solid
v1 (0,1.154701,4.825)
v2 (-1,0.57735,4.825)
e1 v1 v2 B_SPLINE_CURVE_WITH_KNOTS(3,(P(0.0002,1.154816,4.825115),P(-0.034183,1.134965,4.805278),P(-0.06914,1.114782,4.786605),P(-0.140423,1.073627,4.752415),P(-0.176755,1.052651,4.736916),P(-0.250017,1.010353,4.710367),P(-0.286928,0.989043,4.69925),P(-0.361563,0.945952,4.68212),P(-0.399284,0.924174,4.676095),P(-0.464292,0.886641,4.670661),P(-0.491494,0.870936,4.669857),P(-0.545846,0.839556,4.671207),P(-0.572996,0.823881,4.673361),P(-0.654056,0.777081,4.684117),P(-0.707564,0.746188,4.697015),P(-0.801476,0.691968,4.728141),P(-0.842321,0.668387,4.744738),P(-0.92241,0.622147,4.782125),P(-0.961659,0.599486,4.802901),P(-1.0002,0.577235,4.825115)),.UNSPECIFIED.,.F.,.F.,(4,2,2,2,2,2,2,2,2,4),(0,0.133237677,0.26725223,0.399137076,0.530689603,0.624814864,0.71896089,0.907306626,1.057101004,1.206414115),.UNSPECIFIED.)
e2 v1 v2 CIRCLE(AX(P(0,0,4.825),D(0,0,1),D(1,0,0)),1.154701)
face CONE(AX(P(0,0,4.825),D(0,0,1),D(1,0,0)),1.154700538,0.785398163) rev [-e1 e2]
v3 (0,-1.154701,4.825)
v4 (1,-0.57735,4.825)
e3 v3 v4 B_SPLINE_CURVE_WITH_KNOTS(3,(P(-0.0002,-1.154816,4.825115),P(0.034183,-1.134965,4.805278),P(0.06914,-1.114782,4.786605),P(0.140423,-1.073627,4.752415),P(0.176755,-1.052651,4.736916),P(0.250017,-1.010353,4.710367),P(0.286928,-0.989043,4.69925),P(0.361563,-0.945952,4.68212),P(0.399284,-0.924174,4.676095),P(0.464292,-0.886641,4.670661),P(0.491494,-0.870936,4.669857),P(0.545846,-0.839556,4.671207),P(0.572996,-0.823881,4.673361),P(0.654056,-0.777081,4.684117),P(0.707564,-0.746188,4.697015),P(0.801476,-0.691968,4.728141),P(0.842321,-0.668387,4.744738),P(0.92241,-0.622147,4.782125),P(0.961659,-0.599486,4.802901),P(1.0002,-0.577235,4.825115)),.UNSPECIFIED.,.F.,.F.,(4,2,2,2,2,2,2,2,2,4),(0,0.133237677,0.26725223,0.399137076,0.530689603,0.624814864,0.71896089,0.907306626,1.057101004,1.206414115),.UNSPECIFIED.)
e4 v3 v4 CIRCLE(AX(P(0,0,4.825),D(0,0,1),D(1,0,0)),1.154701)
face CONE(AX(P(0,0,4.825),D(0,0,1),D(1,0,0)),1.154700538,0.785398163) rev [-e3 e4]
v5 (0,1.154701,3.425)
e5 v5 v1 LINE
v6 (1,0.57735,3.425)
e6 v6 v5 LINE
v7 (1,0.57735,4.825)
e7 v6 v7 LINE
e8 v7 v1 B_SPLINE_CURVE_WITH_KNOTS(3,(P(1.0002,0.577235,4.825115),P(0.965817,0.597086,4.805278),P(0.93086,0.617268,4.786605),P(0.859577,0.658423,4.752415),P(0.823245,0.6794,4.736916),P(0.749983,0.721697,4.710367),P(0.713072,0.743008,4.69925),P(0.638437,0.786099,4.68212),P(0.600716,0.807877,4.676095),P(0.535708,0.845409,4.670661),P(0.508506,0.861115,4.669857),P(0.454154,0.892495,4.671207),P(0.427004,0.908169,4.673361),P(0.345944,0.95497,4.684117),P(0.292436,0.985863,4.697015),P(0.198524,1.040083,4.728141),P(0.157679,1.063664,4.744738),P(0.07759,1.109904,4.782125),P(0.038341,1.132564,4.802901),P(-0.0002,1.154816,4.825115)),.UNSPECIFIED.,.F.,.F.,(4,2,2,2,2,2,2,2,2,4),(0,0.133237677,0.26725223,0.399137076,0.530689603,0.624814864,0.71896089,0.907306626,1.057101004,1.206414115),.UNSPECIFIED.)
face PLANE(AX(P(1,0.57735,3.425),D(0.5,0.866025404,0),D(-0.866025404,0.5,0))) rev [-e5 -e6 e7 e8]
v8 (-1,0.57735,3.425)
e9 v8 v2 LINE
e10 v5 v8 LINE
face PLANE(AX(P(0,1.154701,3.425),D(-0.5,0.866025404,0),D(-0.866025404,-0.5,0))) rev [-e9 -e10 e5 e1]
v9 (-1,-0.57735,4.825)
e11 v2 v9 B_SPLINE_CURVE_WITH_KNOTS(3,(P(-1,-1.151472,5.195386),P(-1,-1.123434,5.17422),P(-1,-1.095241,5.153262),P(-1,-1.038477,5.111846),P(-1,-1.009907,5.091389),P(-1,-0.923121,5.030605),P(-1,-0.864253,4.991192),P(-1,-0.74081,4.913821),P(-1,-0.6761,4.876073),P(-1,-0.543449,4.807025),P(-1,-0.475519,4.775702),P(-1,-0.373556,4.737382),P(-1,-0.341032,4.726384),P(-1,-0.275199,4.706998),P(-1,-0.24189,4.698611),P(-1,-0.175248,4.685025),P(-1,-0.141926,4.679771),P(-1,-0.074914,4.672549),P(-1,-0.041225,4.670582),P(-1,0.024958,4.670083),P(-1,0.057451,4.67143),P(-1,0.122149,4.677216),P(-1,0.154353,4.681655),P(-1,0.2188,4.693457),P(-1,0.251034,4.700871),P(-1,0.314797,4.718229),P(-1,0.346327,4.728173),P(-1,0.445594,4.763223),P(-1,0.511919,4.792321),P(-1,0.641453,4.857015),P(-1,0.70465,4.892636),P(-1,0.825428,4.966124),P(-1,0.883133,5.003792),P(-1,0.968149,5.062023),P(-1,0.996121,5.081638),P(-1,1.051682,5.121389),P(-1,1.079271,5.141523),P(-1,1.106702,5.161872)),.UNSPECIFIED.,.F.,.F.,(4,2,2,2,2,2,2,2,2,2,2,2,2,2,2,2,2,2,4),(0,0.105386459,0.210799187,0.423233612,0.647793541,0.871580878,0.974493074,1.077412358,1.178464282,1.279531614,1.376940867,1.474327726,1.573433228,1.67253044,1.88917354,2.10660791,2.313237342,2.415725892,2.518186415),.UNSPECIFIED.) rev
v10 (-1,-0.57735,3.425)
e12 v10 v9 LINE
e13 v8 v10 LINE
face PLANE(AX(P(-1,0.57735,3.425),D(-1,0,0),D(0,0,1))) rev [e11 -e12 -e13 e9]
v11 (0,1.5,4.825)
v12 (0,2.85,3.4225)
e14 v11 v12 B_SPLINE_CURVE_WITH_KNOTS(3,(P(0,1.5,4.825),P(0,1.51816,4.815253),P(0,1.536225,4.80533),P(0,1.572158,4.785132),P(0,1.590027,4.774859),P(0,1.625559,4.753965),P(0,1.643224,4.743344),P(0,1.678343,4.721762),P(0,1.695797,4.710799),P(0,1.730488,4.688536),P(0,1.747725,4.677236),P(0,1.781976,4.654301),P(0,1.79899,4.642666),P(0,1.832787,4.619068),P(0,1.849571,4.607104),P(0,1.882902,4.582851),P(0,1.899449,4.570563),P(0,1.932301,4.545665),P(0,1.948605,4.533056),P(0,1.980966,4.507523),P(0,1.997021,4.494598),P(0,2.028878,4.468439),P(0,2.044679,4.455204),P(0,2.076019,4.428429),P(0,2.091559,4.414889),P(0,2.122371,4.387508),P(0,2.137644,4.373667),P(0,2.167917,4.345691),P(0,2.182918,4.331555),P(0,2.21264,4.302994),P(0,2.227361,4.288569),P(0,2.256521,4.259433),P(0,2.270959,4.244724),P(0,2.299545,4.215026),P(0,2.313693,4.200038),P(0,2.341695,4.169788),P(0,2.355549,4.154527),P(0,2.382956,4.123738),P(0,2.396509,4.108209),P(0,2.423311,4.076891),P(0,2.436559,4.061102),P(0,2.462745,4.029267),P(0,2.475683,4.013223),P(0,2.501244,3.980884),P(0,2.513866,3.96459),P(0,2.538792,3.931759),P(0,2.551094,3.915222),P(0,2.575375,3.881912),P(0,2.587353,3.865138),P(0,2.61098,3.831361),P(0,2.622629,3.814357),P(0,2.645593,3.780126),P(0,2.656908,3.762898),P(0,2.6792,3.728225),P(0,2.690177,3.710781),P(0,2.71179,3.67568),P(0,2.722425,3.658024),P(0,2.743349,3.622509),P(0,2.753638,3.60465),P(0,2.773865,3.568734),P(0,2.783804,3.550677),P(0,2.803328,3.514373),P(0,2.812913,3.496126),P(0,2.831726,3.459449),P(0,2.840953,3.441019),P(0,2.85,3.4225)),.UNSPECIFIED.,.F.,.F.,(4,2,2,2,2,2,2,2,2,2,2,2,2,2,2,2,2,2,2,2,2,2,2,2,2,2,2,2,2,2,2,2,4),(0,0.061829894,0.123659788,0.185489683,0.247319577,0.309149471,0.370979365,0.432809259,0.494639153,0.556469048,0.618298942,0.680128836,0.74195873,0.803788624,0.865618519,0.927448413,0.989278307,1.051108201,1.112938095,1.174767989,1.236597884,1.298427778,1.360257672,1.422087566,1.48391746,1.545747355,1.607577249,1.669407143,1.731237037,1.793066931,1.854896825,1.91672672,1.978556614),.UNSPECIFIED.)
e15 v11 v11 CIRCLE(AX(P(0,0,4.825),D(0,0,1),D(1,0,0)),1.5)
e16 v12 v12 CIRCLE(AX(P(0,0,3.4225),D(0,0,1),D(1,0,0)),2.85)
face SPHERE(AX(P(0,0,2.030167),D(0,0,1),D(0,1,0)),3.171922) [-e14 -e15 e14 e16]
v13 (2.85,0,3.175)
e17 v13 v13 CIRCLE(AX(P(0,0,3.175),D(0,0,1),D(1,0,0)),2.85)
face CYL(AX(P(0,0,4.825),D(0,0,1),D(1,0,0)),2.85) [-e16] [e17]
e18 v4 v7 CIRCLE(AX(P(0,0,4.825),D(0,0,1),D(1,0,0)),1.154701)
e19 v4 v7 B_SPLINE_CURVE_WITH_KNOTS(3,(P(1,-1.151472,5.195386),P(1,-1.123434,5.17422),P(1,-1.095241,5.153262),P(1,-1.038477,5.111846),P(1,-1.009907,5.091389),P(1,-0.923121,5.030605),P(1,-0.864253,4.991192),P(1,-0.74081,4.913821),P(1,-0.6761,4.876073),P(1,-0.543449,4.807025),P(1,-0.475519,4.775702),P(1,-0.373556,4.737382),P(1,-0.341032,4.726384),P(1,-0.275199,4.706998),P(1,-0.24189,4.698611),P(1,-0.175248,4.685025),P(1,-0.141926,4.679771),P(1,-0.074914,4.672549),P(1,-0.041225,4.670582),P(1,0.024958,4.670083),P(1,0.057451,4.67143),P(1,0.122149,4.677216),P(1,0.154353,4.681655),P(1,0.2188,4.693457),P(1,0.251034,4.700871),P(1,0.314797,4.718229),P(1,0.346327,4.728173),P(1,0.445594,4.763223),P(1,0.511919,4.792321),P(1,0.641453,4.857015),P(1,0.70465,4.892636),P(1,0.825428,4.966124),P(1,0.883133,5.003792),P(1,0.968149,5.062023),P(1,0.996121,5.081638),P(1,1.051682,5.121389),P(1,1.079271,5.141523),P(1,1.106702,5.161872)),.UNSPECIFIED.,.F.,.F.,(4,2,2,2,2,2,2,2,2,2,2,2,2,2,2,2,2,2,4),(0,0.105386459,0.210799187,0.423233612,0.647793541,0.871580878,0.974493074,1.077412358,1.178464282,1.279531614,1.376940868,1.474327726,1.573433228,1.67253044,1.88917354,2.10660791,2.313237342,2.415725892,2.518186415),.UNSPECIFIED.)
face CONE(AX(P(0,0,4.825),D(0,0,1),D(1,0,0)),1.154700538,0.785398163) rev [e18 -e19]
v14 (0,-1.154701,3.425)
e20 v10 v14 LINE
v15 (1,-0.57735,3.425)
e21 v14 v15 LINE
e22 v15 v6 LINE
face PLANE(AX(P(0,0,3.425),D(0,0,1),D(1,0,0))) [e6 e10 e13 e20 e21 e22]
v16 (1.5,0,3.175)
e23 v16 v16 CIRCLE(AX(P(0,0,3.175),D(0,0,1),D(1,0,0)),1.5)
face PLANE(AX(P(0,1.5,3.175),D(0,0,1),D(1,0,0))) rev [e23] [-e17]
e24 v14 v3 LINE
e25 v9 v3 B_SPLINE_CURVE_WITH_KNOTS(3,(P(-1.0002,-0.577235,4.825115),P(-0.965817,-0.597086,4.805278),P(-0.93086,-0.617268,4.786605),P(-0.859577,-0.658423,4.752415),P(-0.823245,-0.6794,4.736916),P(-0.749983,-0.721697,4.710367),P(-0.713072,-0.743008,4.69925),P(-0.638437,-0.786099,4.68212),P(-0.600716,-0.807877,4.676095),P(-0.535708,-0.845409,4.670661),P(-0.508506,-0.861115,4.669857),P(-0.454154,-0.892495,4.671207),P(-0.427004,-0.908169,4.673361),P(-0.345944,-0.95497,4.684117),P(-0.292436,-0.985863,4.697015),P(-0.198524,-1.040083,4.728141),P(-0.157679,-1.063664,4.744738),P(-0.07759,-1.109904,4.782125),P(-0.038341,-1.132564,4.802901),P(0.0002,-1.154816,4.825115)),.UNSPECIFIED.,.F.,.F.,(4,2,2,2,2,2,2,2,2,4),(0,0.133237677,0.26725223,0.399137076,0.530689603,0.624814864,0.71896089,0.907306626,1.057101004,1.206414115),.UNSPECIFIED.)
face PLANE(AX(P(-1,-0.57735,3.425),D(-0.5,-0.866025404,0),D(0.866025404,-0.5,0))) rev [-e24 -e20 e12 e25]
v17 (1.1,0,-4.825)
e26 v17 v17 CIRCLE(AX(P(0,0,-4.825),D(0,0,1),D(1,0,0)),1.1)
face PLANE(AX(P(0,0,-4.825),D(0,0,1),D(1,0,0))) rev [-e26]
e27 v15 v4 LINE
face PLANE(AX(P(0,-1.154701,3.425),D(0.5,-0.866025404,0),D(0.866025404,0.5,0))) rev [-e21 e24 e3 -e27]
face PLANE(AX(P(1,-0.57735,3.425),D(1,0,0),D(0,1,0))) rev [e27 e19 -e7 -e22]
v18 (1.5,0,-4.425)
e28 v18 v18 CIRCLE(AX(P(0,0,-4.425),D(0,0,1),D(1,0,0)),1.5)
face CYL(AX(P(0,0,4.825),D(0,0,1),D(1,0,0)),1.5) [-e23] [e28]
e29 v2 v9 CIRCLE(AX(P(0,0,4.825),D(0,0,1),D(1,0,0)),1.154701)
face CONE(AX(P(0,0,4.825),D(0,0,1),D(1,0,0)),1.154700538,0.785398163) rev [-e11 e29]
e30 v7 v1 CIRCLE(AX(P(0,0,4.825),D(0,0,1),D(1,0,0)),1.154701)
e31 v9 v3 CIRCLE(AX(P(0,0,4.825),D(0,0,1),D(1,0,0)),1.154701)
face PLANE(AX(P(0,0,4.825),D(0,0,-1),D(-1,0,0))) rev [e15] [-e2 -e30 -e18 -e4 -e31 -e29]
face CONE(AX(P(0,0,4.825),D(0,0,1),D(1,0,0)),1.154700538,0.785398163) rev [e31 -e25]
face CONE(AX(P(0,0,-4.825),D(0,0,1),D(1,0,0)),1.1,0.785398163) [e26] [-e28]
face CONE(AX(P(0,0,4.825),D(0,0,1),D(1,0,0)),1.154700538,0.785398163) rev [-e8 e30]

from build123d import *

# Parameters (mm, degrees)
CUT_EXTRUDE1_DEPTH = 1.4


with BuildPart() as part:
    # Sketch2 → Revolve1 (revolve)
    with BuildSketch(Plane(origin=(0, 0, 0), x_dir=(0, 0, -1), z_dir=(1, 0, 0)), mode=Mode.PRIVATE) as revolve1_sk:
        with BuildLine():
            Line((-4.825, 0), (4.825, 0))
            Line((4.825, 0), (4.825, 1.1))
            Line((4.825, 1.1), (4.425, 1.5))
            Line((4.425, 1.5), (-3.175, 1.5))
            Line((-3.175, 1.5), (-3.175, 2.85))
            Line((-3.175, 2.85), (-3.4225, 2.85))
            ThreePointArc((-3.4225, 2.85), (-4.22987489, 2.285251969), (-4.825, 1.5))
            Line((-4.825, 1.5), (-4.825, 0))
        make_face()
    revolve(revolve1_sk.sketch.rotate(Axis((0, 0, 4.825), (0, 0, -1)), 90), axis=Axis((0, 0, 4.825), (0, 0, -1)))

    # Sketch3 → Cut-Extrude1 (cut)
    with BuildSketch(Plane.XY.offset(4.825)):
        Polygon((0, 1.154700538), (-1, 0.577350269), (-1, -0.577350269), (0, -1.154700538), (1, -0.577350269), (1, 0.577350269), align=None)
    extrude(amount=-CUT_EXTRUDE1_DEPTH, mode=Mode.SUBTRACT)

    # Cut-Extrude2 cone 1 section (through the dimple's axis) → Cut-Extrude2 (revolve, cut)
    with BuildSketch(Plane(origin=(0, 0, 4.825), x_dir=(0, -1, 0), z_dir=(1, 0, 0))):
        Polygon((0, 0), (1.154700538, 0), (0, 1.154700538), align=None)
    revolve(axis=Axis((0, 0, 4.825), (0, 0, -1)), mode=Mode.SUBTRACT)


solid = part.part
